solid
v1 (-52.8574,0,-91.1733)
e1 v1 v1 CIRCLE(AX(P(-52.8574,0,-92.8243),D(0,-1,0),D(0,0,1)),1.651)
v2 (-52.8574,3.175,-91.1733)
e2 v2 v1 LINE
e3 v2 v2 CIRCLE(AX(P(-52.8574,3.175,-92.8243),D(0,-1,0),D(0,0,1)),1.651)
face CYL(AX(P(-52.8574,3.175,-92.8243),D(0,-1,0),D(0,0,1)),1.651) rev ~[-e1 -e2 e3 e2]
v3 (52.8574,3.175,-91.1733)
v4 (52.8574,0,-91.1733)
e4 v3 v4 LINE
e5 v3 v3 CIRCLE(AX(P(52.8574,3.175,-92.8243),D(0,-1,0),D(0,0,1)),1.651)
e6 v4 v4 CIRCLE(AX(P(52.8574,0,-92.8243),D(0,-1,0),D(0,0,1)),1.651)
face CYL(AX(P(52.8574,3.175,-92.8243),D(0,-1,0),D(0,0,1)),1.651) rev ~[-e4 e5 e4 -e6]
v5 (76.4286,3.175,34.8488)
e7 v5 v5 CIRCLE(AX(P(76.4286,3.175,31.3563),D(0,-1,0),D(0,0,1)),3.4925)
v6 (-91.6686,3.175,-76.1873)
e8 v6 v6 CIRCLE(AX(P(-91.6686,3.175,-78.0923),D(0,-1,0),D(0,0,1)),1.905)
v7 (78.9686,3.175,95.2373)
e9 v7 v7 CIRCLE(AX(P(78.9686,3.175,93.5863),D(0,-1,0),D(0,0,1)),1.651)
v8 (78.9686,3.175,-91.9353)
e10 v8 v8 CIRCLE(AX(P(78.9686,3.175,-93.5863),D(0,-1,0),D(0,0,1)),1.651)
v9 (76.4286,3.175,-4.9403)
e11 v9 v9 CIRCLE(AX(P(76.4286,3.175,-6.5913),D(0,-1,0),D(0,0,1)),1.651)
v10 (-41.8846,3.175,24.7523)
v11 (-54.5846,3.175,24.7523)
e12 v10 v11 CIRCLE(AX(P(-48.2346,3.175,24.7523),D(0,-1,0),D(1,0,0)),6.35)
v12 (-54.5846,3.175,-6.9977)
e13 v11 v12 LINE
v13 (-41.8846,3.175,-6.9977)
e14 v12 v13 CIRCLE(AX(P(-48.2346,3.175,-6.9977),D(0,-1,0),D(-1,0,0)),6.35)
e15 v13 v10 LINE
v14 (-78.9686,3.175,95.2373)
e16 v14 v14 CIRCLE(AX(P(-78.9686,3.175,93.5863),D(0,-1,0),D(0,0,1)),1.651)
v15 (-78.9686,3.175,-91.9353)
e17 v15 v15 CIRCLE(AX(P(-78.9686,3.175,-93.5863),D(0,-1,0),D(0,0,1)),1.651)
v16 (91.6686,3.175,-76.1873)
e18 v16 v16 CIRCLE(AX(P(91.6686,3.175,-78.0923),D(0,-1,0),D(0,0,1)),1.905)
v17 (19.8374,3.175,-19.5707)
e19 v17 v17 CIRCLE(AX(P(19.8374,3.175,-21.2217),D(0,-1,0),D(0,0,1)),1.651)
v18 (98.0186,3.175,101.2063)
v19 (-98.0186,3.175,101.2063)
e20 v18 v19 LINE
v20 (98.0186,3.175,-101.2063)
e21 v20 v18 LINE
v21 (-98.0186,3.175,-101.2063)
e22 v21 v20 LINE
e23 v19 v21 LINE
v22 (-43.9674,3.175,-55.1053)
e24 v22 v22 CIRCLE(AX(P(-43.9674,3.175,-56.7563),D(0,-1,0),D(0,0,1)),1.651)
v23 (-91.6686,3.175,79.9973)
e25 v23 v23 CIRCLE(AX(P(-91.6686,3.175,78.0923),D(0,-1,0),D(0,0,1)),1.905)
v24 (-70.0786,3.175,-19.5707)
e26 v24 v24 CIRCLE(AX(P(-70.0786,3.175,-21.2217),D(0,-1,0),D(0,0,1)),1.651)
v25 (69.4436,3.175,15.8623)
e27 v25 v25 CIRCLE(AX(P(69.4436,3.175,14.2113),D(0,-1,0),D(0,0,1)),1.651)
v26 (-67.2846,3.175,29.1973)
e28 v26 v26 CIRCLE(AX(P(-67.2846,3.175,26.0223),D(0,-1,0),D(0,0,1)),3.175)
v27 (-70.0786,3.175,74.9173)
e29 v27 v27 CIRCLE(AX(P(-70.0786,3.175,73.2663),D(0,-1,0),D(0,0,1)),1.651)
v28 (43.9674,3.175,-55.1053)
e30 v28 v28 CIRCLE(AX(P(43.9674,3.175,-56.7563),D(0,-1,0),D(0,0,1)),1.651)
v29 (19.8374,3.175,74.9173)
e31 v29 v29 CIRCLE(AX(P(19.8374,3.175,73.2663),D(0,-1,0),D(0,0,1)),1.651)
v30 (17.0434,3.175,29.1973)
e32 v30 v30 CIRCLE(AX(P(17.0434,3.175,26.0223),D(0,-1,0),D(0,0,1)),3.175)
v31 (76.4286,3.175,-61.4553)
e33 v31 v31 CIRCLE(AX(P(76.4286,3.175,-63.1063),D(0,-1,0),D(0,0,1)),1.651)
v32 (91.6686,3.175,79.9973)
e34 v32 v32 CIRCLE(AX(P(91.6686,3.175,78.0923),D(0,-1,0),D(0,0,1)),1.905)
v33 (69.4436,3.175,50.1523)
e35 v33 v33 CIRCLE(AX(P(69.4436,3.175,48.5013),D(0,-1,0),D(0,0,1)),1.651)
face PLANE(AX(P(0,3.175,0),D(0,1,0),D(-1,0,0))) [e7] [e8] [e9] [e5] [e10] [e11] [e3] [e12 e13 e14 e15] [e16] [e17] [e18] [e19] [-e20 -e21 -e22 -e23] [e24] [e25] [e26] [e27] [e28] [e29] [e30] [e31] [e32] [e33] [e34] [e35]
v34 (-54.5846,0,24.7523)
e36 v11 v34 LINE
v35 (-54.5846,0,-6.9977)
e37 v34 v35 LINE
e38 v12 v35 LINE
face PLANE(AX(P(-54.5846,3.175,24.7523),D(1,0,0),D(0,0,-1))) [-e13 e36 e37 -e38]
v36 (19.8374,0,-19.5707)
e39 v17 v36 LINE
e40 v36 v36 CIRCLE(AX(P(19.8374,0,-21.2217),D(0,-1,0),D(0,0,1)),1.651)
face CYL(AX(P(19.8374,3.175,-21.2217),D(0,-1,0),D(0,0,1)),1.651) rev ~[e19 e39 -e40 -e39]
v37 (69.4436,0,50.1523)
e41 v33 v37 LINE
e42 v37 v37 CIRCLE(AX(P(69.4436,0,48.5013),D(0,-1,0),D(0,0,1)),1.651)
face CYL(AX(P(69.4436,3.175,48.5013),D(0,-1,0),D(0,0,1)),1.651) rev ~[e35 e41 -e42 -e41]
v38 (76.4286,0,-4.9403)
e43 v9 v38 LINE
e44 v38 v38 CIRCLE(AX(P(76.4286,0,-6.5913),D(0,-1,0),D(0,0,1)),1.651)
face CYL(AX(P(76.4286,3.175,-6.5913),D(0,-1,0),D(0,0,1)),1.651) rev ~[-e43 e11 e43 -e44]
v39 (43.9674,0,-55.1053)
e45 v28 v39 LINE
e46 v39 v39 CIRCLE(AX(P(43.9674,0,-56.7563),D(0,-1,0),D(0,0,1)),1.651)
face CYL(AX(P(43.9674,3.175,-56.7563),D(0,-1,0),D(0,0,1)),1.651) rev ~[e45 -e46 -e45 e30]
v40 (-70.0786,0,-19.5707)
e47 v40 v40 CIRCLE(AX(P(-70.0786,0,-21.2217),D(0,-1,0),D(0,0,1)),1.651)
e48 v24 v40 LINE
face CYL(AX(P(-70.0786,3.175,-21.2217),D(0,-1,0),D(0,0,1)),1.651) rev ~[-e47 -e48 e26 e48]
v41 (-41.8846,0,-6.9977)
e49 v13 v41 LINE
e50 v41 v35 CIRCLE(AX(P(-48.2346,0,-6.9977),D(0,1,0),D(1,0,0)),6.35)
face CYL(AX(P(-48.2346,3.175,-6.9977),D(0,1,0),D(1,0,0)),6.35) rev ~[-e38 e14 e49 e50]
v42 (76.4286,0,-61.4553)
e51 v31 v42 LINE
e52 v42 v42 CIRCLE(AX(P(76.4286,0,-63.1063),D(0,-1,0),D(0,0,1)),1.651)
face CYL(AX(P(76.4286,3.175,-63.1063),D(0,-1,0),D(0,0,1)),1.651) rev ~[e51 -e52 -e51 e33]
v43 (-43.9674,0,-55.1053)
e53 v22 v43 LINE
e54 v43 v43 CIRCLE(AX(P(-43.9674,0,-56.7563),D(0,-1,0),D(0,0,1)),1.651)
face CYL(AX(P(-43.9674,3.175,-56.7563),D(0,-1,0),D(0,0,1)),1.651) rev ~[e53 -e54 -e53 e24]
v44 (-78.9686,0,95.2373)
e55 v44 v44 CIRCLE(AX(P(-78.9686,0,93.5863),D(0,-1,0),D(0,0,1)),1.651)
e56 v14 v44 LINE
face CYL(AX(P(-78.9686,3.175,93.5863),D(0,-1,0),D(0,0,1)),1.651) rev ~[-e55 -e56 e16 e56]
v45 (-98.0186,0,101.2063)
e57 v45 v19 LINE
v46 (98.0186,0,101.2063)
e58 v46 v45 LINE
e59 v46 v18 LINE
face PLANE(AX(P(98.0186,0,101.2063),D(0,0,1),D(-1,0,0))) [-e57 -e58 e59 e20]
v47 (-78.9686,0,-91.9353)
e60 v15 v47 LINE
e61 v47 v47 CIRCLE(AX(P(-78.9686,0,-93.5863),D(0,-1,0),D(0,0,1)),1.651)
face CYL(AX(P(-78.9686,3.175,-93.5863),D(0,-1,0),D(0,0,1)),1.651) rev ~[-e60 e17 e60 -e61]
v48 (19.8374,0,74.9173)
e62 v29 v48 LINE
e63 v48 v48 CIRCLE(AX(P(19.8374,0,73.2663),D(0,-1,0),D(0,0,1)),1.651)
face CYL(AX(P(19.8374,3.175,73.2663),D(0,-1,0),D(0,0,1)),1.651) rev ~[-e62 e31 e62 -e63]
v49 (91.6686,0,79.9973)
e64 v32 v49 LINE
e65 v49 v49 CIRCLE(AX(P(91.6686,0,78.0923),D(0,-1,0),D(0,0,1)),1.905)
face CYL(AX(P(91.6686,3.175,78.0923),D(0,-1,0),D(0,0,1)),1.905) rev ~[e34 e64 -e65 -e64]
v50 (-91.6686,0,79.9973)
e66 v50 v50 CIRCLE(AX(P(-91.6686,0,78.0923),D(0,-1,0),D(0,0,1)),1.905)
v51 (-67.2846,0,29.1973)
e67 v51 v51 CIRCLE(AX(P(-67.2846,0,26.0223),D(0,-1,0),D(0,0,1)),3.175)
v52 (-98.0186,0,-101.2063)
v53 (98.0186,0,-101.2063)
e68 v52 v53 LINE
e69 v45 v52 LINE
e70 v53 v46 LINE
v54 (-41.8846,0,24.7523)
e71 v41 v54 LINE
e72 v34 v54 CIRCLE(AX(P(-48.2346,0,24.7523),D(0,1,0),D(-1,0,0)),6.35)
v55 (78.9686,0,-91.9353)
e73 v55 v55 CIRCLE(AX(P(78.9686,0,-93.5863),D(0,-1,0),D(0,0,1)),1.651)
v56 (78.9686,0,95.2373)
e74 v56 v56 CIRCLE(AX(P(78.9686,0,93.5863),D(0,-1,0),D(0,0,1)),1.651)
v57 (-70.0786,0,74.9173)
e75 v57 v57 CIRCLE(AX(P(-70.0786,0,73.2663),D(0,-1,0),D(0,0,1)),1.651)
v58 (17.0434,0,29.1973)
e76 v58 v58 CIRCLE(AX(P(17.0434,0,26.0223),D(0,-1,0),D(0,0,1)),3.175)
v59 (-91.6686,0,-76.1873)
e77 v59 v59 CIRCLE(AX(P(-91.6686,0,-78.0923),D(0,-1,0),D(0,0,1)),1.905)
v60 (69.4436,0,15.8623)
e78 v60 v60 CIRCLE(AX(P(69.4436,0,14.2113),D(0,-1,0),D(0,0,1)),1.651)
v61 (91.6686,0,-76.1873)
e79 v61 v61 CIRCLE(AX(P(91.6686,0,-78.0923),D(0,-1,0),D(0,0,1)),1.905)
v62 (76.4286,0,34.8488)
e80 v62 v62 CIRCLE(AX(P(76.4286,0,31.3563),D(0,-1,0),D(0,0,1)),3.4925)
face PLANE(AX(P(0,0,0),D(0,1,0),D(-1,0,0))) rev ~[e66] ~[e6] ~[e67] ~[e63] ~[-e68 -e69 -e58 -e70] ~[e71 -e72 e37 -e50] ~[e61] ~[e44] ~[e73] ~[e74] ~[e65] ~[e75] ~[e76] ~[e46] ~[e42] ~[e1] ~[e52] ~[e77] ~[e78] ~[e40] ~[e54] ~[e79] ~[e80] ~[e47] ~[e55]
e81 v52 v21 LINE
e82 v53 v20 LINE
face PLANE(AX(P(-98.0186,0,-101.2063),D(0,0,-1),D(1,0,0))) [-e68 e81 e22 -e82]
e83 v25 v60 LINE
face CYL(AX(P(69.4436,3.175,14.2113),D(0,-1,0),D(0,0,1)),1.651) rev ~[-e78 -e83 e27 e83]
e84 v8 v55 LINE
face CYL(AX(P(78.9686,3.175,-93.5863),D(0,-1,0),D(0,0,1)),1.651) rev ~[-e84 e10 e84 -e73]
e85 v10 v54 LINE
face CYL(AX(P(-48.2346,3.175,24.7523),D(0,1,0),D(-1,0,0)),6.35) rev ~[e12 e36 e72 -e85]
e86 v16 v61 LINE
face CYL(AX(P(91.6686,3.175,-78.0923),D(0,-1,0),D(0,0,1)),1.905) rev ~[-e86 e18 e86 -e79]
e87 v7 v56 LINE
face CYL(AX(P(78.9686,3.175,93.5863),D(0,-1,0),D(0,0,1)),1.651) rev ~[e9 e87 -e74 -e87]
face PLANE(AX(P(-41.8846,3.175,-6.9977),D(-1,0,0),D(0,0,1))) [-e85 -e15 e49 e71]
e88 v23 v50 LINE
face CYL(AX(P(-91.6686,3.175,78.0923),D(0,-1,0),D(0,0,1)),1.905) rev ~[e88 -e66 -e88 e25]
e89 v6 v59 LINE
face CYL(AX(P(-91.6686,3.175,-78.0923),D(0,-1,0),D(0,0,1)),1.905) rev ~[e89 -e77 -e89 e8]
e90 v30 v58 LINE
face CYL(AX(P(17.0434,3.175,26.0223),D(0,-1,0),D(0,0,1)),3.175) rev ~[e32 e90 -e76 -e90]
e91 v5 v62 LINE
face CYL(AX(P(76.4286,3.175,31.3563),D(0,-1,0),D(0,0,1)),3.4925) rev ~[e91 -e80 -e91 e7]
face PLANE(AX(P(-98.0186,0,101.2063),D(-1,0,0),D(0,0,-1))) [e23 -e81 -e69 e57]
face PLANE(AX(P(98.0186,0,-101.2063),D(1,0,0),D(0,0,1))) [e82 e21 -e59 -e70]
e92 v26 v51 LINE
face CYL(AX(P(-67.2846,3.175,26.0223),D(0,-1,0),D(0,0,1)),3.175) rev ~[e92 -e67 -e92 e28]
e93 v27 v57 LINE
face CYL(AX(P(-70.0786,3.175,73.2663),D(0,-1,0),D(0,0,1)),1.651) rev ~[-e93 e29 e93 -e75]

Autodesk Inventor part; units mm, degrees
ref_plane "YZ Plane" through (0, 0, 0) normal (1, 0, 0) x (0, 1, 0)
ref_plane "XZ Plane" through (0, 0, 0) normal (0, 1, 0) x (-1, 0, 0)
ref_plane "XY Plane" through (0, 0, 0) normal (0, 0, 1) x (1, 0, 0)
sketch "Sketch1" plane through (0, 0, 0) normal (0, 1, 0) x (-1, 0, 0)
  line L0 (98.0186, -101.2063) -> (-98.0186, -101.2063)
  line L1 (-98.0186, -101.2063) -> (-98.0186, 101.2063)
  line L2 (-98.0186, 101.2063) -> (98.0186, 101.2063)
  line L3 (98.0186, 101.2063) -> (98.0186, -101.2063)
  line L4 (98.0186, -101.2063) -> (-98.0186, 101.2063) construction
  line L5 (-98.0186, -101.2063) -> (98.0186, 101.2063) construction
  point P0 (0, 0)
  dimension "d0" = 196.0372
  dimension "d1" = 202.4126
extrude "Extrusion1" add sketch "Sketch1" along normal blind 3.175
sketch "Sketch2" plane through (0, 3.175, 0) normal (0, 1, 0) x (1, 0, 0)
  line L0 (98.0186, 101.2063) -> (-98.0186, 101.2063) projected
  line L1 (-98.0186, 101.2063) -> (-98.0186, -101.2063) projected
  line L2 (-98.0186, -101.2063) -> (98.0186, -101.2063) projected
  line L3 (98.0186, -101.2063) -> (98.0186, 101.2063) projected
  point P0 (0, 0)
  point P1 (-91.6686, 78.0923)
  point P2 (91.6686, 78.0923)
  point P3 (-91.6686, -78.0923)
  point P4 (91.6686, -78.0923)
  dimension "d4" = 23.114
  dimension "d5" = 23.114
  dimension "d6" = 6.35
  dimension "d7" = 6.35
hole "Hole1" at (-91.6686, 3.175, -78.0923) at (91.6686, 3.175, -78.0923) at (-91.6686, 3.175, 78.0923) at (91.6686, 3.175, 78.0923) direction (0, -1, 0) diameter 3.81 end through all
sketch "Sketch5" plane through (0, 3.175, 0) normal (0, 1, 0) x (1, 0, 0)
  line L0 (-98.0186, 101.2063) -> (-98.0186, -101.2063) projected
  line L1 (-98.0186, -101.2063) -> (98.0186, -101.2063) projected
  point P0 (0, 0)
  point P1 (-70.0786, -73.2663)
  point P2 (19.8374, -73.2663)
  point P3 (19.8374, 21.2217)
  point P4 (-70.0786, 21.2217)
  dimension "d44" = 27.94
  dimension "d45" = 27.94
  dimension "d46" = 89.916
  dimension "d47" = 94.488
hole "Hole4" at (-70.0786, 3.175, 73.2663) at (19.8374, 3.175, 73.2663) at (19.8374, 3.175, -21.2217) at (-70.0786, 3.175, -21.2217) direction (0, -1, 0) diameter 3.302 end through all
sketch "Sketch6" plane through (0, 3.175, 0) normal (0, 1, 0) x (1, 0, 0)
  circle A0 centre (-70.0786, -73.2663) radius 1.651 projected
  circle A1 centre (19.8374, -73.2663) radius 1.651 projected
  point P0 (0, 0)
  point P1 (-67.2846, -26.0223)
  point P2 (17.0434, -26.0223)
  dimension "d55" = 2.794
  dimension "d56" = 2.794
  dimension "d57" = 47.244
hole "Hole5" at (-67.2846, 3.175, 26.0223) at (17.0434, 3.175, 26.0223) direction (0, -1, 0) diameter 6.35 end through all
sketch "Sketch7" plane through (0, 3.175, 0) normal (0, 1, 0) x (1, 0, 0)
  circle A0 centre (-70.0786, 21.2217) radius 1.651 projected
  line L0 (-48.2346, 13.3477) -> (-48.2346, 13.3477)
  line L1 (-41.8846, 6.9977) -> (-41.8846, -24.7523)
  line L2 (-48.2346, -31.1023) -> (-48.2346, -31.1023)
  line L3 (-54.5846, -24.7523) -> (-54.5846, 6.9977)
  arc A1 (-48.2346, 13.3477) -> (-54.5846, 6.9977) centre (-48.2346, 6.9977) ccw
  arc A2 (-41.8846, 6.9977) -> (-48.2346, 13.3477) centre (-48.2346, 6.9977) ccw
  arc A3 (-48.2346, -31.1023) -> (-41.8846, -24.7523) centre (-48.2346, -24.7523) ccw
  arc A4 (-54.5846, -24.7523) -> (-48.2346, -31.1023) centre (-48.2346, -24.7523) ccw
  point P0 (0, 0)
  dimension "d65" = 12.7
  dimension "d66" = 15.494
  dimension "d67" = 7.874
  dimension "d68" = 44.45
  dimension "d69" = 6.35
extrude "Extrusion2" cut sketch "Sketch7" against normal blind 25.4 contours L1 A3 A4 L3 A1 A2
sketch "Sketch8" plane through (0, 3.175, 0) normal (0, 1, 0) x (1, 0, 0)
  line L0 (-98.0186, -101.2063) -> (98.0186, -101.2063) projected
  line L1 (98.0186, -101.2063) -> (98.0186, 101.2063) projected
  point P0 (0, 0)
  point P1 (76.4286, -31.3563)
  dimension "d72" = 21.59
  dimension "d73" = 69.85
hole "Hole6" at (76.4286, 3.175, 31.3563) direction (0, -1, 0) diameter 6.985 end through all
sketch "Sketch9" plane through (0, 3.175, 0) normal (0, 1, 0) x (1, 0, 0)
  circle A0 centre (76.4286, -31.3563) radius 3.4925 projected
  point P0 (0, 0)
  point P1 (69.4436, -14.2113)
  point P2 (69.4436, -48.5013)
  dimension "d81" = 6.985
  dimension "d82" = 17.145
  dimension "d83" = 17.145
hole "Hole7" at (69.4436, 3.175, 14.2113) at (69.4436, 3.175, 48.5013) direction (0, -1, 0) diameter 3.302 end through all
sketch "Sketch10" plane through (0, 3.175, 0) normal (0, 1, 0) x (1, 0, 0)
  line L0 (98.0186, 101.2063) -> (-98.0186, 101.2063) projected
  line L1 (98.0186, -101.2063) -> (98.0186, 101.2063) projected
  line L2 (0, 56.7563) -> (0, 92.8243)
  point P0 (0, 0)
  point P1 (-52.8574, 92.8243)
  point P2 (-43.9674, 56.7563)
  point P3 (52.8574, 92.8243)
  point P4 (43.9674, 56.7563)
  dimension "d91" = 52.8574
  dimension "d92" = 8.382
  dimension "d93" = 36.068
  dimension "d94" = 8.89
hole "Hole8" at (-52.8574, 3.175, -92.8243) at (-43.9674, 3.175, -56.7563) at (52.8574, 3.175, -92.8243) at (43.9674, 3.175, -56.7563) direction (0, -1, 0) diameter 3.302 end through all
sketch "Sketch11" plane through (0, 3.175, 0) normal (0, 1, 0) x (1, 0, 0)
  circle A0 centre (76.4286, -31.3563) radius 3.4925 projected
  line L0 (98.0186, 101.2063) -> (-98.0186, 101.2063) projected
  point P0 (0, 0)
  point P1 (76.4286, 6.5913)
  point P2 (76.4286, 63.1063)
  dimension "d103" = 56.515
  dimension "d111" = 38.1
hole "Hole9" at (76.4286, 3.175, -6.5913) at (76.4286, 3.175, -63.1063) direction (0, -1, 0) diameter 3.302 end through all
sketch "Sketch12" plane through (0, 3.175, 0) normal (0, 1, 0) x (1, 0, 0)
  line L0 (98.0186, 101.2063) -> (-98.0186, 101.2063) projected
  line L1 (-98.0186, 101.2063) -> (-98.0186, -101.2063) projected
  line L2 (-98.0186, -101.2063) -> (98.0186, -101.2063) projected
  line L3 (98.0186, -101.2063) -> (98.0186, 101.2063) projected
  point P0 (0, 0)
  point P1 (-78.9686, -93.5863)
  point P2 (78.9686, -93.5863)
  point P3 (78.9686, 93.5863)
  point P4 (-78.9686, 93.5863)
  dimension "d112" = 7.62
  dimension "d113" = 19.05
  dimension "d114" = 7.62
  dimension "d115" = 19.05
hole "Hole10" at (-78.9686, 3.175, 93.5863) at (78.9686, 3.175, 93.5863) at (78.9686, 3.175, -93.5863) at (-78.9686, 3.175, -93.5863) direction (0, -1, 0) diameter 3.302 end through all
properties part number "SwarmieTopPlate"
